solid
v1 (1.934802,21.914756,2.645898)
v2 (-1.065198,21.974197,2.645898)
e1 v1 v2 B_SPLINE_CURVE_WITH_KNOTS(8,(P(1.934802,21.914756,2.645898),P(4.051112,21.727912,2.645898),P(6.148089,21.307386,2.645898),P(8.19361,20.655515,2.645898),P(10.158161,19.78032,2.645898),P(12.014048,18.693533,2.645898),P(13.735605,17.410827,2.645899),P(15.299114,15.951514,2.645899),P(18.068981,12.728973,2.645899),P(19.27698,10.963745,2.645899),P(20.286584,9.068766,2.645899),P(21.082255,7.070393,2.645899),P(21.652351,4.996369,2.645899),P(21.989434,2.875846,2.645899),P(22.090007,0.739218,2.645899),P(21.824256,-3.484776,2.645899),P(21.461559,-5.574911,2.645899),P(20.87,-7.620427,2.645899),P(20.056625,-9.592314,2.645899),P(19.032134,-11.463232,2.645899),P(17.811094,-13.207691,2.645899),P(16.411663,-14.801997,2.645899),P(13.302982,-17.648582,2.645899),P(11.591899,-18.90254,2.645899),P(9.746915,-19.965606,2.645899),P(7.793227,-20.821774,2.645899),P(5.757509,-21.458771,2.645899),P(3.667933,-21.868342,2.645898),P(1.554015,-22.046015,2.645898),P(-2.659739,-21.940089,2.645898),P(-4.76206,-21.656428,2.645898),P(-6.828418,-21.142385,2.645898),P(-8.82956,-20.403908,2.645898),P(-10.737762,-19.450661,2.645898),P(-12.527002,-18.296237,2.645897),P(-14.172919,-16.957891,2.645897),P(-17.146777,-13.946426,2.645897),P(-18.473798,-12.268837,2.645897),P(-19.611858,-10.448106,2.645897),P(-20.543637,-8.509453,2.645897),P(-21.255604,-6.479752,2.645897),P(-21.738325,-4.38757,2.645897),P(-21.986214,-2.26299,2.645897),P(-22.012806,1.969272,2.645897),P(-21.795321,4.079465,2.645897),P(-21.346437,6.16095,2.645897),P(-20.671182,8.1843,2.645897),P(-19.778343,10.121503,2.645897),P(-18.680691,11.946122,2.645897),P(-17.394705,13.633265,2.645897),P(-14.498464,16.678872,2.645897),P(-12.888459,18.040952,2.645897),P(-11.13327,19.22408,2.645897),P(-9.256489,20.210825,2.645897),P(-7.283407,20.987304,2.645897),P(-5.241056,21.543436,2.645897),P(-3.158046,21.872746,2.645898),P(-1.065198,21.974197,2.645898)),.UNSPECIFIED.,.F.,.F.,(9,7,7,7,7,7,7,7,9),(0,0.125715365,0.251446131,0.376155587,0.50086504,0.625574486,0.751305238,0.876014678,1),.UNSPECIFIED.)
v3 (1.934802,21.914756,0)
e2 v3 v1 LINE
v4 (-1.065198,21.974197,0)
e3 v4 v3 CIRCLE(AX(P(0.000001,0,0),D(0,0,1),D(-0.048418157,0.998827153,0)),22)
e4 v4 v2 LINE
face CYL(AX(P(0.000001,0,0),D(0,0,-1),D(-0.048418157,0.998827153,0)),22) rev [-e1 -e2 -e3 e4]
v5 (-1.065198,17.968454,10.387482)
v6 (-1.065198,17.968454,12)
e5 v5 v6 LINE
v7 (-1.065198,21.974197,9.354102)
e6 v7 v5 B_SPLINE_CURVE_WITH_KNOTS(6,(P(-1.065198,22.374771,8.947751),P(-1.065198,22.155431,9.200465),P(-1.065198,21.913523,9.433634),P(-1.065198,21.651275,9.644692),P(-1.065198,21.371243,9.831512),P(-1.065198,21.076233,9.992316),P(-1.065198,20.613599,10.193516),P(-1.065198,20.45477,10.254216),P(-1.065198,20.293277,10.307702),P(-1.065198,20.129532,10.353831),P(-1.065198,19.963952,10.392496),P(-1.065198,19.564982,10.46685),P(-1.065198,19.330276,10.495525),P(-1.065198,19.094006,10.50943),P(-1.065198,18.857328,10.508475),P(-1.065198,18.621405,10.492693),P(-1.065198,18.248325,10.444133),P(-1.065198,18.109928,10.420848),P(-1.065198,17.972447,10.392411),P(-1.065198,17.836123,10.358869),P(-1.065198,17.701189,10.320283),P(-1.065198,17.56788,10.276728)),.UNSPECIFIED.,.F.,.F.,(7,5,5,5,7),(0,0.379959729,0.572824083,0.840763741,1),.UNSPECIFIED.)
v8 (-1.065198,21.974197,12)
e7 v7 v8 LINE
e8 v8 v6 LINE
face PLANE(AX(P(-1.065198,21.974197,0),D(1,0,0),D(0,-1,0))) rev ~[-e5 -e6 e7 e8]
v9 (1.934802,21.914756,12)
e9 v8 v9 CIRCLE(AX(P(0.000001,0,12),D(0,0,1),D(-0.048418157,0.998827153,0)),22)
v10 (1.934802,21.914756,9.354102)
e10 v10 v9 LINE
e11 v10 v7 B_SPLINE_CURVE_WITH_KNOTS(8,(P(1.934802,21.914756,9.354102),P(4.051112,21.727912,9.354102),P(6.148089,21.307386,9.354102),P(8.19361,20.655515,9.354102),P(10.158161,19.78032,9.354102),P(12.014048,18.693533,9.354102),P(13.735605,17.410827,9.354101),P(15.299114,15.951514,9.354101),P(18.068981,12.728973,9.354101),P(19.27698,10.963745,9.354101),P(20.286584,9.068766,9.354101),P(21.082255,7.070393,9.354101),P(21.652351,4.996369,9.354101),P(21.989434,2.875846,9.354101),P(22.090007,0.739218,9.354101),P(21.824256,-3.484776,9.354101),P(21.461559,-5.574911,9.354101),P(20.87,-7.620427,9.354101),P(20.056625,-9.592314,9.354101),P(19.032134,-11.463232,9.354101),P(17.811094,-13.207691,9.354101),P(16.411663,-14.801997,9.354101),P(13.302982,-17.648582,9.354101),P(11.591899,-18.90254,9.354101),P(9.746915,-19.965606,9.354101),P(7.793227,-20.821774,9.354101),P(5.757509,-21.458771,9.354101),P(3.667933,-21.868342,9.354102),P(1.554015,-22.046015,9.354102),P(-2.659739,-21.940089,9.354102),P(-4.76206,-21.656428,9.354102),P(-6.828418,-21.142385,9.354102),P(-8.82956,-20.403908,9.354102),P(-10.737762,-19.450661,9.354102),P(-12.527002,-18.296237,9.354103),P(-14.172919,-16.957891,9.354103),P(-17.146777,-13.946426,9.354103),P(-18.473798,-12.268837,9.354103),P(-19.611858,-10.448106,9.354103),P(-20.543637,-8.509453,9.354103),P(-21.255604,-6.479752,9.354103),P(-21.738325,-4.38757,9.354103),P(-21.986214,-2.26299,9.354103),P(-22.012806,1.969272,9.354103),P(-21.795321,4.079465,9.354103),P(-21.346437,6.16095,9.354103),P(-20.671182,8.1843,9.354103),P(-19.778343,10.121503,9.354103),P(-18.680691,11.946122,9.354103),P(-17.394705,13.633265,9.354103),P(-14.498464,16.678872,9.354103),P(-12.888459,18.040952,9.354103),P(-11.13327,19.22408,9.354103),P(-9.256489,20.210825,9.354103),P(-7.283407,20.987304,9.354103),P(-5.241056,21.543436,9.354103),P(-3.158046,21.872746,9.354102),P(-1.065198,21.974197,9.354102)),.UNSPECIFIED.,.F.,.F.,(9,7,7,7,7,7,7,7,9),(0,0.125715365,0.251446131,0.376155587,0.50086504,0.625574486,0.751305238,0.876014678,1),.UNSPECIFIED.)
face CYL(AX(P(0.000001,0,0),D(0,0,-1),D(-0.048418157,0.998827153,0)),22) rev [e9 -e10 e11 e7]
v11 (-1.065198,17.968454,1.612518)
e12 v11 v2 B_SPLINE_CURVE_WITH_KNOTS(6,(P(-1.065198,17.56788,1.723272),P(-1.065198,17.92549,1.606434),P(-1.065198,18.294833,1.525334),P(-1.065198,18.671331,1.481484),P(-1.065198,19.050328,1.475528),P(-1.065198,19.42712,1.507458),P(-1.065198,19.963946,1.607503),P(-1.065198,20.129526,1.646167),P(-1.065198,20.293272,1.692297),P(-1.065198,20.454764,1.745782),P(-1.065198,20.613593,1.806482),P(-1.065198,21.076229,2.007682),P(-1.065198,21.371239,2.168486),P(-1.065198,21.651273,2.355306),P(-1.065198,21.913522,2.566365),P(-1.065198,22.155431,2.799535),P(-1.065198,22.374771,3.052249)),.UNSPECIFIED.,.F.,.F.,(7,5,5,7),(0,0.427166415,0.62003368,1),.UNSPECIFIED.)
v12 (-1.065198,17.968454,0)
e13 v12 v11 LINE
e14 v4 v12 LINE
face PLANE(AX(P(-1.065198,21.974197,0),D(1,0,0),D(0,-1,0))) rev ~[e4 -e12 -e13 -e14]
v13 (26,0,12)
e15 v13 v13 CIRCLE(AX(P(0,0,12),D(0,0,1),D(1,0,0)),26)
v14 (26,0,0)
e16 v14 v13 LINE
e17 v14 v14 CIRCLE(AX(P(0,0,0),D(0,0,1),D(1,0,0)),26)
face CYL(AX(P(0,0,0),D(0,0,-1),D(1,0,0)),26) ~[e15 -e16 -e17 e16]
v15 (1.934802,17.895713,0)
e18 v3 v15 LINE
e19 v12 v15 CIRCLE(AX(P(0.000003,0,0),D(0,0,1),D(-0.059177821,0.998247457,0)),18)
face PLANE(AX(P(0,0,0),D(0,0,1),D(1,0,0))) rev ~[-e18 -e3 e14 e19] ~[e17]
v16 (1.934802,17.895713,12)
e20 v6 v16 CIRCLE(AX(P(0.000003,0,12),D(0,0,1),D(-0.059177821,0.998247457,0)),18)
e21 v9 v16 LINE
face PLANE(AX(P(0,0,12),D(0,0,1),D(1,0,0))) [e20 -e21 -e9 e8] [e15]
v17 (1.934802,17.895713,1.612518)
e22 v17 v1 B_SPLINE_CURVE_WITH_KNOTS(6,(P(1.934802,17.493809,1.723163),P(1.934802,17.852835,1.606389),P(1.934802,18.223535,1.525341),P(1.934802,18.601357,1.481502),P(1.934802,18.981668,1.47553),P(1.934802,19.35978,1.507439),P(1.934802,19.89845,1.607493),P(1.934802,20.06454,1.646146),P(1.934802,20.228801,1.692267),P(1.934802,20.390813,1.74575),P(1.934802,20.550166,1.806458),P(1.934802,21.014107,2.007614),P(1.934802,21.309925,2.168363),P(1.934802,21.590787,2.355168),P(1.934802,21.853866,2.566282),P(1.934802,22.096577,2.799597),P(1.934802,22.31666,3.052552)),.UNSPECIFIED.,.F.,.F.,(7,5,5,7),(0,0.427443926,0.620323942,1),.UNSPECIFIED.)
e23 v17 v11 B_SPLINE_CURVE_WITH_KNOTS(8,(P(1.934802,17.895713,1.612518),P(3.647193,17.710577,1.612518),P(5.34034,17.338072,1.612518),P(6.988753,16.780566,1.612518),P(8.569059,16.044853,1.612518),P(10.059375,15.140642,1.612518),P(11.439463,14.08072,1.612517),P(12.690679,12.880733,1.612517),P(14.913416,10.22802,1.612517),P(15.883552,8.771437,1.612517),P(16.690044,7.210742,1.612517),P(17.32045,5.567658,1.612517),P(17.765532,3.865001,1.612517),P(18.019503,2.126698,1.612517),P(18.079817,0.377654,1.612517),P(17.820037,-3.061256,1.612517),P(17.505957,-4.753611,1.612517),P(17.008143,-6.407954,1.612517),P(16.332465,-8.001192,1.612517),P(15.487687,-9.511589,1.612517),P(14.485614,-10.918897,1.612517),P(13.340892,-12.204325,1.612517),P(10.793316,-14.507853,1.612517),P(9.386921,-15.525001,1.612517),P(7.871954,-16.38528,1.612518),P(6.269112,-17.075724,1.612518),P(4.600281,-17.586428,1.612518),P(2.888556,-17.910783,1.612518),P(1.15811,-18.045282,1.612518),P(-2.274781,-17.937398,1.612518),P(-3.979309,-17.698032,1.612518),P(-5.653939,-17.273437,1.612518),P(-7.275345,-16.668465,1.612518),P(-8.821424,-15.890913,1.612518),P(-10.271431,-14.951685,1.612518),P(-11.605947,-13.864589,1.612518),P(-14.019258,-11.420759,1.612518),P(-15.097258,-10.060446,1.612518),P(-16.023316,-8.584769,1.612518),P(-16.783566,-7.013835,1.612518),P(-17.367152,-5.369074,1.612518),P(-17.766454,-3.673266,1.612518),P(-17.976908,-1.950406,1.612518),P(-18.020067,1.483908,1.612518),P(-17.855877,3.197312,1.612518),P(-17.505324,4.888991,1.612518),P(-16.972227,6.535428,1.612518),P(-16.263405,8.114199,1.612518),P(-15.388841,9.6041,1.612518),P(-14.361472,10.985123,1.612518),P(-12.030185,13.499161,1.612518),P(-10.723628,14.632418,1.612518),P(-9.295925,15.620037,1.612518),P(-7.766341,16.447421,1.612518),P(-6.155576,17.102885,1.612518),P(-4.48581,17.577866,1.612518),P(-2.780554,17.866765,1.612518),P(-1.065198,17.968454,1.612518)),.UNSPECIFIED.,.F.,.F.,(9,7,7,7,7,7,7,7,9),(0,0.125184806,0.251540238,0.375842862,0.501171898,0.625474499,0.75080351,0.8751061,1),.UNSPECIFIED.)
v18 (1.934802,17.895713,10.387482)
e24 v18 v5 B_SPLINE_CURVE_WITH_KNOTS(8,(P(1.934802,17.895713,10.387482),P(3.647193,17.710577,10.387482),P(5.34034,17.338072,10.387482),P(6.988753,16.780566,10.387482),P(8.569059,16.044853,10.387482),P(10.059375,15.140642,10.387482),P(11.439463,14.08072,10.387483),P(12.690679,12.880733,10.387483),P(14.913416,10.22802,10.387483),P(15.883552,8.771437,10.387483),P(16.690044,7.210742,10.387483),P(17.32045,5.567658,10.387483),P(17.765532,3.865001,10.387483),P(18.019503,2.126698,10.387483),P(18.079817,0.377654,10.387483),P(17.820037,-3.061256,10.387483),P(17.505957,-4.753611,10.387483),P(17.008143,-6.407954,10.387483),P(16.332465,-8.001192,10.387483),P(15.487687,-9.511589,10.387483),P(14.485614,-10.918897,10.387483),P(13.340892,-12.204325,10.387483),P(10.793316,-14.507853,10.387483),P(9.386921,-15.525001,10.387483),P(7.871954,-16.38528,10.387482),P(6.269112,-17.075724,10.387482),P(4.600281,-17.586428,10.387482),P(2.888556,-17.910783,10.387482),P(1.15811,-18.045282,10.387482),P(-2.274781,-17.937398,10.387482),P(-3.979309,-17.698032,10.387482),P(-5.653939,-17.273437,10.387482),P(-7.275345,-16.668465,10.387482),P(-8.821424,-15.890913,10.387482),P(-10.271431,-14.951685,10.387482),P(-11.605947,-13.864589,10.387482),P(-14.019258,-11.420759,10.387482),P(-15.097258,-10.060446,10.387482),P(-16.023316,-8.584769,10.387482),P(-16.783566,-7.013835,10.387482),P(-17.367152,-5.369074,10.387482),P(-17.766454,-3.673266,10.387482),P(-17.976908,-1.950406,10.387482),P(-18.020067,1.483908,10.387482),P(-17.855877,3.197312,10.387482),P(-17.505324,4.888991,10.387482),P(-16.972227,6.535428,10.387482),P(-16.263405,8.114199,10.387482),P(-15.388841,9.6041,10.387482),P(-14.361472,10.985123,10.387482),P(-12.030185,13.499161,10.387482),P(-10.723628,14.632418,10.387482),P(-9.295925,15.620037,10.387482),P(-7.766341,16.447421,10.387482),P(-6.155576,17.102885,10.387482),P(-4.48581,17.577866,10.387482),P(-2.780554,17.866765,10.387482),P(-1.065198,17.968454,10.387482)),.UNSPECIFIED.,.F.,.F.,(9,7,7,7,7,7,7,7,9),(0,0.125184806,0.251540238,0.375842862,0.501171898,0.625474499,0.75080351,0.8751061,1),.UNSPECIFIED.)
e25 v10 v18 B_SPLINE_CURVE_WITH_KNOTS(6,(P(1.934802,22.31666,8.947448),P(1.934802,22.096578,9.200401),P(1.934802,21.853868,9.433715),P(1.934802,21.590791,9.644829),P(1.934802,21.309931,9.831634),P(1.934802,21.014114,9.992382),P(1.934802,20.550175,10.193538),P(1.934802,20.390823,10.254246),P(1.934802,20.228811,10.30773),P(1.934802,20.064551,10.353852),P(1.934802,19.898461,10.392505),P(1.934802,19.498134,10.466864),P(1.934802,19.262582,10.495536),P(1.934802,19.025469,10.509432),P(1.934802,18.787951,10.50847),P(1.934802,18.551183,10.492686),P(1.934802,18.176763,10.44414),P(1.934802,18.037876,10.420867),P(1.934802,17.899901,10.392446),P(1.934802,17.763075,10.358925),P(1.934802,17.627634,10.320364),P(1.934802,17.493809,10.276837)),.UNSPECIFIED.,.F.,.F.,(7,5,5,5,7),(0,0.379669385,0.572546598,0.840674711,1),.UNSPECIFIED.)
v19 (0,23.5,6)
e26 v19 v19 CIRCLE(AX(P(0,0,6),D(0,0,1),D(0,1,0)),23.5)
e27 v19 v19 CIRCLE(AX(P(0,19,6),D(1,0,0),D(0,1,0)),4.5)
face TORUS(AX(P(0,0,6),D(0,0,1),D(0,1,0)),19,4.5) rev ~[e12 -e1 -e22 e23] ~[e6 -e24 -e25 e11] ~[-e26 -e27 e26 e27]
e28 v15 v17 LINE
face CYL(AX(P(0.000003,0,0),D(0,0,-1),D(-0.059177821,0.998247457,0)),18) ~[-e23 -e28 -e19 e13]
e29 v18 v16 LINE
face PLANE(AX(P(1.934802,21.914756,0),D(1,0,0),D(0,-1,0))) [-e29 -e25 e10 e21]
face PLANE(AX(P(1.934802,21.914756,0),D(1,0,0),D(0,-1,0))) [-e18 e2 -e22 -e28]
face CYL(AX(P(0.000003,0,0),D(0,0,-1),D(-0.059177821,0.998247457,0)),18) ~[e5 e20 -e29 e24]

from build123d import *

# Parameters (mm, degrees)
SKETCH_R     = 26
PAD_DEPTH    = 12
POCKET_DEPTH = 12
SKETCH002_R  = 4.5


with BuildPart() as part:
    # Sketch → Pad (new body)
    with BuildSketch(Plane.XY):
        Circle(SKETCH_R)
    extrude(amount=PAD_DEPTH)

    # Sketch001 → Pocket (cut)
    with BuildSketch(Plane.XY):
        with BuildLine():
            ThreePointArc((-1.065198, 21.974197), (-0.435817, -21.995683), (1.934802, 21.914756))
            Line((1.934802, 21.914756), (1.934802, 17.895713))
            ThreePointArc((-1.065198, 17.968454), (-0.436321, -17.994711), (1.934802, 17.895713))
            Line((-1.065198, 21.974197), (-1.065198, 17.968454))
        make_face()
    extrude(amount=POCKET_DEPTH, mode=Mode.SUBTRACT)

    # Sketch002 → Groove (revolve, cut)
    with BuildSketch(Plane.YZ):
        with Locations((19, 6)):
            Circle(SKETCH002_R)
    revolve(axis=Axis((0, 0, 0), (0, 0, 1)), mode=Mode.SUBTRACT)


solid = part.part
